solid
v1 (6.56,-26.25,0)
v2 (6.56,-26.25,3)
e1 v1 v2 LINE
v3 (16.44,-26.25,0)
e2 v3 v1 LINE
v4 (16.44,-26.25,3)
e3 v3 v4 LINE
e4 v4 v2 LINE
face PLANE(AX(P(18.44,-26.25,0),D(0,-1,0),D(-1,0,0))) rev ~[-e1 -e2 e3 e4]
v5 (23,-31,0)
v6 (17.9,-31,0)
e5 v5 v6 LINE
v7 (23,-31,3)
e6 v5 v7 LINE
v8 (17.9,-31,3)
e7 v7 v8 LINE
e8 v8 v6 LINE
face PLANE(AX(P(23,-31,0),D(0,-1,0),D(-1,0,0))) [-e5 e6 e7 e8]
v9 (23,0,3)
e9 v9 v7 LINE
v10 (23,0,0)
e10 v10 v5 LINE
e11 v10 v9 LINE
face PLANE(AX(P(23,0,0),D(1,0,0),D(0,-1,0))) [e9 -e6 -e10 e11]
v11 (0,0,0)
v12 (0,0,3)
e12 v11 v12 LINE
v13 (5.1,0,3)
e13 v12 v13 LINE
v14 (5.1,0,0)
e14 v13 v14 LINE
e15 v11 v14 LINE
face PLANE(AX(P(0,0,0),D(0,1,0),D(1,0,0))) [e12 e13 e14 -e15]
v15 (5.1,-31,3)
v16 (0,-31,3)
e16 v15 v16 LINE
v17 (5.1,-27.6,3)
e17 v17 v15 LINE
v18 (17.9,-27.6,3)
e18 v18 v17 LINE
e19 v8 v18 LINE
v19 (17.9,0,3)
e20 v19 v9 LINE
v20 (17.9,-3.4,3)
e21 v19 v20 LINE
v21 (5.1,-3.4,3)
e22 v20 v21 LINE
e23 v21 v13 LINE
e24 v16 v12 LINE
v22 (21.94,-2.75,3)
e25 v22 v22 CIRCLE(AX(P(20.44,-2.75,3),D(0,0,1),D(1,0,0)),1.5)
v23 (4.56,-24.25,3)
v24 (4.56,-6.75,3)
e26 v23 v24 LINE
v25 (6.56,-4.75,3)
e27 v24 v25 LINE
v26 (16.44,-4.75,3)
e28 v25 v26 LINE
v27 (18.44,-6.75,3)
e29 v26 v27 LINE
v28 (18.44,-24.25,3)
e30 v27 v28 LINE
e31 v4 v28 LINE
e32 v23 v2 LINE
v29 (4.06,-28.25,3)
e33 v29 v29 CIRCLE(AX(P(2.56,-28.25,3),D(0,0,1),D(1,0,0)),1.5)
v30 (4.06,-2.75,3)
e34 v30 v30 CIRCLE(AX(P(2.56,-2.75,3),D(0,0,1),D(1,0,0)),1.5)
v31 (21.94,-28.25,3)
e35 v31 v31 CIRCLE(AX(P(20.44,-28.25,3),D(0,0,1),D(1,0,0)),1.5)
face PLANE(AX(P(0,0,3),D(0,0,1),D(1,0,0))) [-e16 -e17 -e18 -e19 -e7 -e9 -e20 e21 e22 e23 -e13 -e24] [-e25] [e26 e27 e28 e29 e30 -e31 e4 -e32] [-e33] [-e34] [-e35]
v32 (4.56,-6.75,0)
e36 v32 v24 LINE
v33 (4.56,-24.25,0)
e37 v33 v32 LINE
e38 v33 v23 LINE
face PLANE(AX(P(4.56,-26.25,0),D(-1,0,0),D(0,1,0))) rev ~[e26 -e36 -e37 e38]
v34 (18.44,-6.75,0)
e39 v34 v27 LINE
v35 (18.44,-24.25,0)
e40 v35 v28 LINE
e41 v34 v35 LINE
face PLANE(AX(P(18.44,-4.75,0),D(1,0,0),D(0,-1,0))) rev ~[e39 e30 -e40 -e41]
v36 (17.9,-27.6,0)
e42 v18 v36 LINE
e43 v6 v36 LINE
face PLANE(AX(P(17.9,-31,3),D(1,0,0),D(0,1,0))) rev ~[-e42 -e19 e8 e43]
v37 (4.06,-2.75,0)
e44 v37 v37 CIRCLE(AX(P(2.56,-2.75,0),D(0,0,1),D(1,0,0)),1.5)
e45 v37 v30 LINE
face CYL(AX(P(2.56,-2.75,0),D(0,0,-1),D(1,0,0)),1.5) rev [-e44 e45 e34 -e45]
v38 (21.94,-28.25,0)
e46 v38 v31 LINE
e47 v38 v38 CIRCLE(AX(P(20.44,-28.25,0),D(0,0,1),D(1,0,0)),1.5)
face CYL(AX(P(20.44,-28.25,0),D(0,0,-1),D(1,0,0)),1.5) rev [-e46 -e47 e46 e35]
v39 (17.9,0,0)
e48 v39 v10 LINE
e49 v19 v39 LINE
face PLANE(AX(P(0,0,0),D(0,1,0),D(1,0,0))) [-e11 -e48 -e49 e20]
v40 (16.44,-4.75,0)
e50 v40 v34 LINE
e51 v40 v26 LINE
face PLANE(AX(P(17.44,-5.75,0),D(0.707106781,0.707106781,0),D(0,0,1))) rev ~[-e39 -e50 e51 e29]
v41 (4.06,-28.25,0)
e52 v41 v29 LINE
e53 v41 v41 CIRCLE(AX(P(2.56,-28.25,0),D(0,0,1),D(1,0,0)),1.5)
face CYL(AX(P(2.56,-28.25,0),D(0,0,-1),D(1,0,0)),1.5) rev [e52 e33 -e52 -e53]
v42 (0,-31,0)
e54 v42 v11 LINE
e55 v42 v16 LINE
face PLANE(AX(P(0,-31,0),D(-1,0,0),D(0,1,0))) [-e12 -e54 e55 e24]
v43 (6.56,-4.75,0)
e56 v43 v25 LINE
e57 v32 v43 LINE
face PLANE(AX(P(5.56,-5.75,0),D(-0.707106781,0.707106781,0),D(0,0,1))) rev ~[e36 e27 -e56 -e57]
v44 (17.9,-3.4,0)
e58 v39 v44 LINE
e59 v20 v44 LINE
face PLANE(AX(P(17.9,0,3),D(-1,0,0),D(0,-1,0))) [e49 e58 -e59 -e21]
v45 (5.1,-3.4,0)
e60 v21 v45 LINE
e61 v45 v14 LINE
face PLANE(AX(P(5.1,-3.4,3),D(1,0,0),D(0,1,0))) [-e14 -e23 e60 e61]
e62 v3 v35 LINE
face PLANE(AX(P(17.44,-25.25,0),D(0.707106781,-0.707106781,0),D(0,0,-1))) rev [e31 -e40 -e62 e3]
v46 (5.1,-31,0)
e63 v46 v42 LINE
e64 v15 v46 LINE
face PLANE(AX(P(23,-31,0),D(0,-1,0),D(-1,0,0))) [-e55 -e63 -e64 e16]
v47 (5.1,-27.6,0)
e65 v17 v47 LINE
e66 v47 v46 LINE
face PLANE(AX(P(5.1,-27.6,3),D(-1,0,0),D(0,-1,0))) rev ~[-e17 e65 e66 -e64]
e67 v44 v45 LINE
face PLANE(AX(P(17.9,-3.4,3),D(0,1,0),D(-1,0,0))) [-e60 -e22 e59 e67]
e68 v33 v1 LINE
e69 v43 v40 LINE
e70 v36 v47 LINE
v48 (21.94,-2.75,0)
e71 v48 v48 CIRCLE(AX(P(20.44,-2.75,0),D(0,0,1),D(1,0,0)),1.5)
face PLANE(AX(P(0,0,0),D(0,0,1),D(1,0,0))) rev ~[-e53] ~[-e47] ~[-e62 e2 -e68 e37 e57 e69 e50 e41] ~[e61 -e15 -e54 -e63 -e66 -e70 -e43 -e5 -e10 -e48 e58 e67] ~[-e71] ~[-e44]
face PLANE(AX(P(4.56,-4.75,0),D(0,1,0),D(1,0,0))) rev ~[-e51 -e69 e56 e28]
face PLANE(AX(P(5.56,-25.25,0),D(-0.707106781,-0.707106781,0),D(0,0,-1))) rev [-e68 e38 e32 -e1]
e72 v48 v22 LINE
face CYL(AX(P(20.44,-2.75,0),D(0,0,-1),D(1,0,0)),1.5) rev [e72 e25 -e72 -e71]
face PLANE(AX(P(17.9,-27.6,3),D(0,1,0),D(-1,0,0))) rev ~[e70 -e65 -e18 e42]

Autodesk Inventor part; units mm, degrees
ref_plane "YZ Plane" through (0, 0, 0) normal (1, 0, 0) x (0, 1, 0)
ref_plane "XZ Plane" through (0, 0, 0) normal (0, 1, 0) x (-1, 0, 0)
ref_plane "XY Plane" through (0, 0, 0) normal (0, 0, 1) x (1, 0, 0)
sketch "Skizze1" plane through (0, 0, 0) normal (0, 0, 1) x (1, 0, 0)
  line L0 (0, 0) -> (23, 0)
  line L1 (23, 0) -> (23, -31)
  line L2 (23, -31) -> (0, -31)
  line L3 (0, -31) -> (0, 0)
  line L4 (2.56, -2.75) -> (20.44, -2.75) construction
  line L5 (20.44, -2.75) -> (20.44, -28.25) construction
  line L6 (20.44, -28.25) -> (2.56, -28.25) construction
  line L7 (2.56, -28.25) -> (2.56, -2.75) construction
  circle A0 centre (2.56, -2.75) radius 1.5
  circle A1 centre (20.44, -2.75) radius 1.5
  circle A2 centre (2.56, -28.25) radius 1.5
  circle A3 centre (20.44, -28.25) radius 1.5
  line L8 (4.56, -4.75) -> (18.44, -4.75)
  line L9 (18.44, -4.75) -> (18.44, -26.25)
  line L10 (18.44, -26.25) -> (4.56, -26.25)
  line L11 (4.56, -26.25) -> (4.56, -4.75)
  dimension "d0" = 23
  dimension "d1" = 31
  dimension "d2" = 17.88
  dimension "d3" = 25.5
  dimension "d4" = 2.75
  dimension "d5" = 2.56
  dimension "d6" = 3
  dimension "d7" = 3
  dimension "d8" = 3
  dimension "d9" = 3
  dimension "d10" = 2
  dimension "d11" = 2
  dimension "d12" = 2
  dimension "d13" = 2
extrude "Extrusion1" add sketch "Skizze1" along normal blind 3
sketch "Skizze2" plane through (0, 0, 3) normal (0, 0, 1) x (1, 0, 0)
  line L0 (5.1, -31) -> (17.9, -31)
  line L1 (17.9, -31) -> (17.9, -27.6)
  line L2 (17.9, -27.6) -> (5.1, -27.6)
  line L3 (5.1, -27.6) -> (5.1, -31)
  line L4 (23, 0) -> (0, 0) projected
  line L5 (5.1, 0) -> (17.9, 0)
  line L6 (17.9, 0) -> (17.9, -3.4)
  line L7 (17.9, -3.4) -> (5.1, -3.4)
  line L8 (5.1, -3.4) -> (5.1, 0)
  line L9 (0, -31) -> (23, -31) projected
  line L10 (0, 0) -> (0, -31) projected
  dimension "d16" = 3.4
  dimension "d17" = 3.4
  dimension "d18" = 12.8
  dimension "d19" = 5.1
extrude "Extrusion2" cut sketch "Skizze2" against normal blind 3
chamfer "Fase1" distance 2 angle 45 4 edges at (4.56, -4.75, 1.5) (18.44, -4.75, 1.5) (4.56, -26.25, 1.5) (18.44, -26.25, 1.5)
properties part number "CFV4_Scale_HX711_Baseplate" material "ABS-Kunststoff"
